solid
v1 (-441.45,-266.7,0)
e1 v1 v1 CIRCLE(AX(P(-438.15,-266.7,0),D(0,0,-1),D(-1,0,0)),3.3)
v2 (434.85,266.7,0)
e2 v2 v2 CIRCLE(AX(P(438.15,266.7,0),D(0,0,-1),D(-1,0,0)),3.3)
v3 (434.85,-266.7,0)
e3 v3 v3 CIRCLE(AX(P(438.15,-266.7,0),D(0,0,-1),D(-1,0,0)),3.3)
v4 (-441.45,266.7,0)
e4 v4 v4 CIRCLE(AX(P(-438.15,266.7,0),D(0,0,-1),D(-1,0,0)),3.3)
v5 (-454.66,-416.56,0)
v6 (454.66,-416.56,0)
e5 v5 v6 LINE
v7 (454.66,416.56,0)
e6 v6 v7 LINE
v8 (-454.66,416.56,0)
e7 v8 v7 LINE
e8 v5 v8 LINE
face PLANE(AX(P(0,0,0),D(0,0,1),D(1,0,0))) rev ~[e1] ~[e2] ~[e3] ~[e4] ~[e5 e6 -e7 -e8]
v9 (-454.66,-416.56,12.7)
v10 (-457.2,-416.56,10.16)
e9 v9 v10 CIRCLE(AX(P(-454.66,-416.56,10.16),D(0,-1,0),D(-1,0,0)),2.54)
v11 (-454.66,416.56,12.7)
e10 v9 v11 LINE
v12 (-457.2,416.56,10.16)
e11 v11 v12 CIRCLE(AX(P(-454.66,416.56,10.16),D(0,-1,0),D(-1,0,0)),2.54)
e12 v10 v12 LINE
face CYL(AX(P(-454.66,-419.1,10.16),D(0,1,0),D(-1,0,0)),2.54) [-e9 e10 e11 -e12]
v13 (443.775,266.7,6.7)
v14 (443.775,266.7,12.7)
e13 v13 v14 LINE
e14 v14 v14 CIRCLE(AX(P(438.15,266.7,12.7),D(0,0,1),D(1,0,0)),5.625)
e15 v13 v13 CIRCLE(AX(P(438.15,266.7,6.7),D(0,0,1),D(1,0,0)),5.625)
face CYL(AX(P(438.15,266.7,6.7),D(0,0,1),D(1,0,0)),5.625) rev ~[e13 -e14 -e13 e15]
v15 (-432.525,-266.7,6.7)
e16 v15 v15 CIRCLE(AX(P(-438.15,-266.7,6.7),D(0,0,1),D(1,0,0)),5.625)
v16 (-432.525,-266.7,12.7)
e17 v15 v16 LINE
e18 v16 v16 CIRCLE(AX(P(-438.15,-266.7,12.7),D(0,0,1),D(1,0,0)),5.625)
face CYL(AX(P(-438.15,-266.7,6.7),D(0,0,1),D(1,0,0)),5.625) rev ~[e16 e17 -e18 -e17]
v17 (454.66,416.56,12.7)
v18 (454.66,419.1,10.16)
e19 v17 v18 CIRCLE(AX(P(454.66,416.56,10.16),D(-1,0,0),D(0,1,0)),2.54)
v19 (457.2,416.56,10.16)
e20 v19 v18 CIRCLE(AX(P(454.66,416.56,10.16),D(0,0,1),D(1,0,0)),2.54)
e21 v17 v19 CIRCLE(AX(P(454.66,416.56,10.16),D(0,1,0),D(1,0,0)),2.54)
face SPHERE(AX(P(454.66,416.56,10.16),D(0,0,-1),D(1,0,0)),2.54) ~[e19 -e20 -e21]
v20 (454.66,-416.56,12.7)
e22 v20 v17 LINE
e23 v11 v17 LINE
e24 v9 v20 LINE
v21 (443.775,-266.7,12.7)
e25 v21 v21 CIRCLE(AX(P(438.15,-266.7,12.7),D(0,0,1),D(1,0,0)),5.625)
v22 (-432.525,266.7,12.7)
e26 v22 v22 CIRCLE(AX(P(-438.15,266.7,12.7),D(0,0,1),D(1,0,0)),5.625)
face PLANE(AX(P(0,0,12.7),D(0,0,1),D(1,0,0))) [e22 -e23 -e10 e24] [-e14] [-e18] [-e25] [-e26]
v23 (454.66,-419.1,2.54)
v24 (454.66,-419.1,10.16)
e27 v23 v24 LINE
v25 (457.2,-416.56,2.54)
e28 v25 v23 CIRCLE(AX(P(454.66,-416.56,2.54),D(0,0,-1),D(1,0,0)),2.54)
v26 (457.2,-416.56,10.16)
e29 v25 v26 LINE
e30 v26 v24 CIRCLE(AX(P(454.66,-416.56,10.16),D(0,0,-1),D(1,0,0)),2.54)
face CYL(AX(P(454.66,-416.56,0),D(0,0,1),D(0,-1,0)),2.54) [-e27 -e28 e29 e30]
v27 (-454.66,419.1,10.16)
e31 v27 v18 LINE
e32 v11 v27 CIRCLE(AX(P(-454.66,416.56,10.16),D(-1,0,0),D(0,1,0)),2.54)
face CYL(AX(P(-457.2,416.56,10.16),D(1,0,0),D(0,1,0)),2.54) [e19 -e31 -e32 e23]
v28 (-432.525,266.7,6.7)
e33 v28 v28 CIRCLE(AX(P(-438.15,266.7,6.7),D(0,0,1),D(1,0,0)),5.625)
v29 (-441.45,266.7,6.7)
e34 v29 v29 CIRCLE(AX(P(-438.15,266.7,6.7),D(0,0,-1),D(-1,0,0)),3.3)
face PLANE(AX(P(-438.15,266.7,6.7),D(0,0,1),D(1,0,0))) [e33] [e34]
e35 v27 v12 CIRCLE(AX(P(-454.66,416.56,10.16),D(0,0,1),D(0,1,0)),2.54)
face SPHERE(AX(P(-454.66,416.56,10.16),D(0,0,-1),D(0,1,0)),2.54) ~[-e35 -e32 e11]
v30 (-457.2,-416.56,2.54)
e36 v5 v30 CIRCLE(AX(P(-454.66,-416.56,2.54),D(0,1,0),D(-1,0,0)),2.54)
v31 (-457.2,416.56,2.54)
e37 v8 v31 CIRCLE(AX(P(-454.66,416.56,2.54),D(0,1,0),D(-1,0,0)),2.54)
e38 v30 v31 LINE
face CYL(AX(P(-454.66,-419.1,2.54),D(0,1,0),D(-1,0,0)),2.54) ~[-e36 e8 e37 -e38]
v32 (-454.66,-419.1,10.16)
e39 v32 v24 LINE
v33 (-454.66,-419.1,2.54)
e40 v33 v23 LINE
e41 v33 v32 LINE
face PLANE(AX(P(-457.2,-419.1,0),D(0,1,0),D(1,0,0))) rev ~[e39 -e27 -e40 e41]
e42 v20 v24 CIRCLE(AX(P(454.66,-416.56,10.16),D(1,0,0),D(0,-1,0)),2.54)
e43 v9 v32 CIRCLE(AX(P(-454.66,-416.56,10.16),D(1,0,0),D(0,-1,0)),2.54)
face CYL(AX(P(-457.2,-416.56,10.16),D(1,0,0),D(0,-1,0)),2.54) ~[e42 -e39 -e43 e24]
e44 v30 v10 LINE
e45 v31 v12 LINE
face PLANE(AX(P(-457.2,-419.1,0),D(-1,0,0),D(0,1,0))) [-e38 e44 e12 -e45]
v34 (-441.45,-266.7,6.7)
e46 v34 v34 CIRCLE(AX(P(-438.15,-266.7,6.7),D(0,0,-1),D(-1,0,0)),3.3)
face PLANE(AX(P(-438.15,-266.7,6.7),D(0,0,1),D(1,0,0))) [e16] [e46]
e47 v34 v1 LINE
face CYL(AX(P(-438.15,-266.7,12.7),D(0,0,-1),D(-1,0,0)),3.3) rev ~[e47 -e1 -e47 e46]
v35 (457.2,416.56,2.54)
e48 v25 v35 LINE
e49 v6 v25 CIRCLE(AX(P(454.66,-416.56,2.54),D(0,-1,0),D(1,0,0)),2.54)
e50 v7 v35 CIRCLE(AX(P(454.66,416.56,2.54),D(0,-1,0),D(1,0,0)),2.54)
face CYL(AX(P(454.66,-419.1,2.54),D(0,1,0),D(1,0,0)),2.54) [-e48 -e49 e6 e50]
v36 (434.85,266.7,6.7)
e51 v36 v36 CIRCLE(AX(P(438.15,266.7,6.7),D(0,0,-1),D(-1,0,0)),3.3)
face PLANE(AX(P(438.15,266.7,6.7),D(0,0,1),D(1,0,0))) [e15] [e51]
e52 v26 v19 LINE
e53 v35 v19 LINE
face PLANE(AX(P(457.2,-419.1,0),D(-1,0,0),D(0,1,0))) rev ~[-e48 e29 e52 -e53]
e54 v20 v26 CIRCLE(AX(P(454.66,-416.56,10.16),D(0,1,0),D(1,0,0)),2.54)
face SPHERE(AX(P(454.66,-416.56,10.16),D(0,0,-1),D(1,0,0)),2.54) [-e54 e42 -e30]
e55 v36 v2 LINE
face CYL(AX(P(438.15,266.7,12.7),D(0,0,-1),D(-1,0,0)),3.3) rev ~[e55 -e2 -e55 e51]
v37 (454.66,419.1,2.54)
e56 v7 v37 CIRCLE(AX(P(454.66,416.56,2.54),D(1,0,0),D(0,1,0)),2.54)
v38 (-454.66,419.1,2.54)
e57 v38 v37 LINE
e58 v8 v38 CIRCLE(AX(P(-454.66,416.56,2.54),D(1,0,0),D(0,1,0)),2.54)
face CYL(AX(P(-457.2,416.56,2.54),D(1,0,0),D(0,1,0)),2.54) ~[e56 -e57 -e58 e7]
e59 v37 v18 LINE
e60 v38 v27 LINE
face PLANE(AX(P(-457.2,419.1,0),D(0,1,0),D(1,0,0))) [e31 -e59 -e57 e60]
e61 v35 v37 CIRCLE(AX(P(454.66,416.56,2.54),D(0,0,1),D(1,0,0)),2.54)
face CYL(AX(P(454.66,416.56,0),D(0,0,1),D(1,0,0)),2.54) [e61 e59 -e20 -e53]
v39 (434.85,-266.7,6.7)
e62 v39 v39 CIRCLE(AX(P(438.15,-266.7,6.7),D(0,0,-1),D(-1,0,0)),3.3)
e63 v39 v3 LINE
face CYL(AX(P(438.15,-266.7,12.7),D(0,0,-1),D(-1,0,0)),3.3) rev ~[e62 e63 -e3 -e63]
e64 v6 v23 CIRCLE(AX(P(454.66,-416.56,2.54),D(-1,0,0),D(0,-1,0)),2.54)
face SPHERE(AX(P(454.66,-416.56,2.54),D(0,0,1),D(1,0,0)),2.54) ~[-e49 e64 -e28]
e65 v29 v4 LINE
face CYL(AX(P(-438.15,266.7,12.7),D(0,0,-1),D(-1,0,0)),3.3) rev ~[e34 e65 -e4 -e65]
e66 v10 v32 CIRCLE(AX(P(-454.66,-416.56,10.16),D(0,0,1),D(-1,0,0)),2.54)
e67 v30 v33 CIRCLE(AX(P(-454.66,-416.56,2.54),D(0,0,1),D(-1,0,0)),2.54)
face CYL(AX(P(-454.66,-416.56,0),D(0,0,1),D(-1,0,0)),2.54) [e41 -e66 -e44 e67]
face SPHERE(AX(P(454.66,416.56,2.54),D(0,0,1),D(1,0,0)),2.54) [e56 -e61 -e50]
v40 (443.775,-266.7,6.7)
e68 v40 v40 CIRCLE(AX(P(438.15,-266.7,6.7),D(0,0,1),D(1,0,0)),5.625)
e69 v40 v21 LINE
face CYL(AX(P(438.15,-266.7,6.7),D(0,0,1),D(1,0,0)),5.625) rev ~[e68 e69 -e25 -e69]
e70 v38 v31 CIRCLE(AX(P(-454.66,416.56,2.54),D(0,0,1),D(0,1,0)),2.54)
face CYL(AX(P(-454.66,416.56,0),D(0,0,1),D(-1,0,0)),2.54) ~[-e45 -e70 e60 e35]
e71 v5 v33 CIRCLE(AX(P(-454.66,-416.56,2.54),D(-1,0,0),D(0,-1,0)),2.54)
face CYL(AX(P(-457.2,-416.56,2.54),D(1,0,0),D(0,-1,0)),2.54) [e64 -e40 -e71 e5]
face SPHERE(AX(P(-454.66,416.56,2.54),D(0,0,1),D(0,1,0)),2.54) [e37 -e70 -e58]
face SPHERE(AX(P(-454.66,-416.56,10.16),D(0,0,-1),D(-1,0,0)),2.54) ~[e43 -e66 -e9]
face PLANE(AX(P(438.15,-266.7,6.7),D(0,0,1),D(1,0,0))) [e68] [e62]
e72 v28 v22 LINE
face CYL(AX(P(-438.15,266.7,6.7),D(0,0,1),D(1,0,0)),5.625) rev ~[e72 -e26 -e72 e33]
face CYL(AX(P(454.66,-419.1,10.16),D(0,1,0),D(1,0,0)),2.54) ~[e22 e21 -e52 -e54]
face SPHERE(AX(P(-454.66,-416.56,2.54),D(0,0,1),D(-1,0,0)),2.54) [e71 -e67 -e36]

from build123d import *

# Parameters (mm, degrees)
F0_W           = 914.4
F0_H           = 838.2
F1_DEPTH       = 12.7
F3_R           = 2.54
F4_D           = 6.6
F4_CBORE_D     = 11.25
F4_CBORE_DEPTH = 6


with BuildPart() as f1:
    # F0 (on Top) → F1 (new body)
    with BuildSketch(Plane.XY):
        Rectangle(F0_W, F0_H)
    extrude(amount=F1_DEPTH)

    # F3
    f3_edges = [f1.edges().sort_by_distance(p)[0] for p in [
        (457.2, -419.1, 6.35),
        (457.2, 419.1, 6.35),
        (457.2, 0, 0),
        (457.2, 0, 12.7),
        (-457.2, 419.1, 6.35),
        (0, 419.1, 0),
        (0, 419.1, 12.7),
        (-457.2, -419.1, 6.35),
        (-457.2, 0, 0),
        (-457.2, 0, 12.7),
        (0, -419.1, 0),
        (0, -419.1, 12.7),
    ]]
    fillet(f3_edges, radius=F3_R)

    # F4 (through all)
    with Locations(Plane.XY.offset(12.7)):
        with Locations((-438.15, -266.7), (-438.15, 266.7), (438.15, 266.7), (438.15, -266.7)):
            CounterBoreHole(F4_D / 2, F4_CBORE_D / 2, F4_CBORE_DEPTH)


solid = f1.part
